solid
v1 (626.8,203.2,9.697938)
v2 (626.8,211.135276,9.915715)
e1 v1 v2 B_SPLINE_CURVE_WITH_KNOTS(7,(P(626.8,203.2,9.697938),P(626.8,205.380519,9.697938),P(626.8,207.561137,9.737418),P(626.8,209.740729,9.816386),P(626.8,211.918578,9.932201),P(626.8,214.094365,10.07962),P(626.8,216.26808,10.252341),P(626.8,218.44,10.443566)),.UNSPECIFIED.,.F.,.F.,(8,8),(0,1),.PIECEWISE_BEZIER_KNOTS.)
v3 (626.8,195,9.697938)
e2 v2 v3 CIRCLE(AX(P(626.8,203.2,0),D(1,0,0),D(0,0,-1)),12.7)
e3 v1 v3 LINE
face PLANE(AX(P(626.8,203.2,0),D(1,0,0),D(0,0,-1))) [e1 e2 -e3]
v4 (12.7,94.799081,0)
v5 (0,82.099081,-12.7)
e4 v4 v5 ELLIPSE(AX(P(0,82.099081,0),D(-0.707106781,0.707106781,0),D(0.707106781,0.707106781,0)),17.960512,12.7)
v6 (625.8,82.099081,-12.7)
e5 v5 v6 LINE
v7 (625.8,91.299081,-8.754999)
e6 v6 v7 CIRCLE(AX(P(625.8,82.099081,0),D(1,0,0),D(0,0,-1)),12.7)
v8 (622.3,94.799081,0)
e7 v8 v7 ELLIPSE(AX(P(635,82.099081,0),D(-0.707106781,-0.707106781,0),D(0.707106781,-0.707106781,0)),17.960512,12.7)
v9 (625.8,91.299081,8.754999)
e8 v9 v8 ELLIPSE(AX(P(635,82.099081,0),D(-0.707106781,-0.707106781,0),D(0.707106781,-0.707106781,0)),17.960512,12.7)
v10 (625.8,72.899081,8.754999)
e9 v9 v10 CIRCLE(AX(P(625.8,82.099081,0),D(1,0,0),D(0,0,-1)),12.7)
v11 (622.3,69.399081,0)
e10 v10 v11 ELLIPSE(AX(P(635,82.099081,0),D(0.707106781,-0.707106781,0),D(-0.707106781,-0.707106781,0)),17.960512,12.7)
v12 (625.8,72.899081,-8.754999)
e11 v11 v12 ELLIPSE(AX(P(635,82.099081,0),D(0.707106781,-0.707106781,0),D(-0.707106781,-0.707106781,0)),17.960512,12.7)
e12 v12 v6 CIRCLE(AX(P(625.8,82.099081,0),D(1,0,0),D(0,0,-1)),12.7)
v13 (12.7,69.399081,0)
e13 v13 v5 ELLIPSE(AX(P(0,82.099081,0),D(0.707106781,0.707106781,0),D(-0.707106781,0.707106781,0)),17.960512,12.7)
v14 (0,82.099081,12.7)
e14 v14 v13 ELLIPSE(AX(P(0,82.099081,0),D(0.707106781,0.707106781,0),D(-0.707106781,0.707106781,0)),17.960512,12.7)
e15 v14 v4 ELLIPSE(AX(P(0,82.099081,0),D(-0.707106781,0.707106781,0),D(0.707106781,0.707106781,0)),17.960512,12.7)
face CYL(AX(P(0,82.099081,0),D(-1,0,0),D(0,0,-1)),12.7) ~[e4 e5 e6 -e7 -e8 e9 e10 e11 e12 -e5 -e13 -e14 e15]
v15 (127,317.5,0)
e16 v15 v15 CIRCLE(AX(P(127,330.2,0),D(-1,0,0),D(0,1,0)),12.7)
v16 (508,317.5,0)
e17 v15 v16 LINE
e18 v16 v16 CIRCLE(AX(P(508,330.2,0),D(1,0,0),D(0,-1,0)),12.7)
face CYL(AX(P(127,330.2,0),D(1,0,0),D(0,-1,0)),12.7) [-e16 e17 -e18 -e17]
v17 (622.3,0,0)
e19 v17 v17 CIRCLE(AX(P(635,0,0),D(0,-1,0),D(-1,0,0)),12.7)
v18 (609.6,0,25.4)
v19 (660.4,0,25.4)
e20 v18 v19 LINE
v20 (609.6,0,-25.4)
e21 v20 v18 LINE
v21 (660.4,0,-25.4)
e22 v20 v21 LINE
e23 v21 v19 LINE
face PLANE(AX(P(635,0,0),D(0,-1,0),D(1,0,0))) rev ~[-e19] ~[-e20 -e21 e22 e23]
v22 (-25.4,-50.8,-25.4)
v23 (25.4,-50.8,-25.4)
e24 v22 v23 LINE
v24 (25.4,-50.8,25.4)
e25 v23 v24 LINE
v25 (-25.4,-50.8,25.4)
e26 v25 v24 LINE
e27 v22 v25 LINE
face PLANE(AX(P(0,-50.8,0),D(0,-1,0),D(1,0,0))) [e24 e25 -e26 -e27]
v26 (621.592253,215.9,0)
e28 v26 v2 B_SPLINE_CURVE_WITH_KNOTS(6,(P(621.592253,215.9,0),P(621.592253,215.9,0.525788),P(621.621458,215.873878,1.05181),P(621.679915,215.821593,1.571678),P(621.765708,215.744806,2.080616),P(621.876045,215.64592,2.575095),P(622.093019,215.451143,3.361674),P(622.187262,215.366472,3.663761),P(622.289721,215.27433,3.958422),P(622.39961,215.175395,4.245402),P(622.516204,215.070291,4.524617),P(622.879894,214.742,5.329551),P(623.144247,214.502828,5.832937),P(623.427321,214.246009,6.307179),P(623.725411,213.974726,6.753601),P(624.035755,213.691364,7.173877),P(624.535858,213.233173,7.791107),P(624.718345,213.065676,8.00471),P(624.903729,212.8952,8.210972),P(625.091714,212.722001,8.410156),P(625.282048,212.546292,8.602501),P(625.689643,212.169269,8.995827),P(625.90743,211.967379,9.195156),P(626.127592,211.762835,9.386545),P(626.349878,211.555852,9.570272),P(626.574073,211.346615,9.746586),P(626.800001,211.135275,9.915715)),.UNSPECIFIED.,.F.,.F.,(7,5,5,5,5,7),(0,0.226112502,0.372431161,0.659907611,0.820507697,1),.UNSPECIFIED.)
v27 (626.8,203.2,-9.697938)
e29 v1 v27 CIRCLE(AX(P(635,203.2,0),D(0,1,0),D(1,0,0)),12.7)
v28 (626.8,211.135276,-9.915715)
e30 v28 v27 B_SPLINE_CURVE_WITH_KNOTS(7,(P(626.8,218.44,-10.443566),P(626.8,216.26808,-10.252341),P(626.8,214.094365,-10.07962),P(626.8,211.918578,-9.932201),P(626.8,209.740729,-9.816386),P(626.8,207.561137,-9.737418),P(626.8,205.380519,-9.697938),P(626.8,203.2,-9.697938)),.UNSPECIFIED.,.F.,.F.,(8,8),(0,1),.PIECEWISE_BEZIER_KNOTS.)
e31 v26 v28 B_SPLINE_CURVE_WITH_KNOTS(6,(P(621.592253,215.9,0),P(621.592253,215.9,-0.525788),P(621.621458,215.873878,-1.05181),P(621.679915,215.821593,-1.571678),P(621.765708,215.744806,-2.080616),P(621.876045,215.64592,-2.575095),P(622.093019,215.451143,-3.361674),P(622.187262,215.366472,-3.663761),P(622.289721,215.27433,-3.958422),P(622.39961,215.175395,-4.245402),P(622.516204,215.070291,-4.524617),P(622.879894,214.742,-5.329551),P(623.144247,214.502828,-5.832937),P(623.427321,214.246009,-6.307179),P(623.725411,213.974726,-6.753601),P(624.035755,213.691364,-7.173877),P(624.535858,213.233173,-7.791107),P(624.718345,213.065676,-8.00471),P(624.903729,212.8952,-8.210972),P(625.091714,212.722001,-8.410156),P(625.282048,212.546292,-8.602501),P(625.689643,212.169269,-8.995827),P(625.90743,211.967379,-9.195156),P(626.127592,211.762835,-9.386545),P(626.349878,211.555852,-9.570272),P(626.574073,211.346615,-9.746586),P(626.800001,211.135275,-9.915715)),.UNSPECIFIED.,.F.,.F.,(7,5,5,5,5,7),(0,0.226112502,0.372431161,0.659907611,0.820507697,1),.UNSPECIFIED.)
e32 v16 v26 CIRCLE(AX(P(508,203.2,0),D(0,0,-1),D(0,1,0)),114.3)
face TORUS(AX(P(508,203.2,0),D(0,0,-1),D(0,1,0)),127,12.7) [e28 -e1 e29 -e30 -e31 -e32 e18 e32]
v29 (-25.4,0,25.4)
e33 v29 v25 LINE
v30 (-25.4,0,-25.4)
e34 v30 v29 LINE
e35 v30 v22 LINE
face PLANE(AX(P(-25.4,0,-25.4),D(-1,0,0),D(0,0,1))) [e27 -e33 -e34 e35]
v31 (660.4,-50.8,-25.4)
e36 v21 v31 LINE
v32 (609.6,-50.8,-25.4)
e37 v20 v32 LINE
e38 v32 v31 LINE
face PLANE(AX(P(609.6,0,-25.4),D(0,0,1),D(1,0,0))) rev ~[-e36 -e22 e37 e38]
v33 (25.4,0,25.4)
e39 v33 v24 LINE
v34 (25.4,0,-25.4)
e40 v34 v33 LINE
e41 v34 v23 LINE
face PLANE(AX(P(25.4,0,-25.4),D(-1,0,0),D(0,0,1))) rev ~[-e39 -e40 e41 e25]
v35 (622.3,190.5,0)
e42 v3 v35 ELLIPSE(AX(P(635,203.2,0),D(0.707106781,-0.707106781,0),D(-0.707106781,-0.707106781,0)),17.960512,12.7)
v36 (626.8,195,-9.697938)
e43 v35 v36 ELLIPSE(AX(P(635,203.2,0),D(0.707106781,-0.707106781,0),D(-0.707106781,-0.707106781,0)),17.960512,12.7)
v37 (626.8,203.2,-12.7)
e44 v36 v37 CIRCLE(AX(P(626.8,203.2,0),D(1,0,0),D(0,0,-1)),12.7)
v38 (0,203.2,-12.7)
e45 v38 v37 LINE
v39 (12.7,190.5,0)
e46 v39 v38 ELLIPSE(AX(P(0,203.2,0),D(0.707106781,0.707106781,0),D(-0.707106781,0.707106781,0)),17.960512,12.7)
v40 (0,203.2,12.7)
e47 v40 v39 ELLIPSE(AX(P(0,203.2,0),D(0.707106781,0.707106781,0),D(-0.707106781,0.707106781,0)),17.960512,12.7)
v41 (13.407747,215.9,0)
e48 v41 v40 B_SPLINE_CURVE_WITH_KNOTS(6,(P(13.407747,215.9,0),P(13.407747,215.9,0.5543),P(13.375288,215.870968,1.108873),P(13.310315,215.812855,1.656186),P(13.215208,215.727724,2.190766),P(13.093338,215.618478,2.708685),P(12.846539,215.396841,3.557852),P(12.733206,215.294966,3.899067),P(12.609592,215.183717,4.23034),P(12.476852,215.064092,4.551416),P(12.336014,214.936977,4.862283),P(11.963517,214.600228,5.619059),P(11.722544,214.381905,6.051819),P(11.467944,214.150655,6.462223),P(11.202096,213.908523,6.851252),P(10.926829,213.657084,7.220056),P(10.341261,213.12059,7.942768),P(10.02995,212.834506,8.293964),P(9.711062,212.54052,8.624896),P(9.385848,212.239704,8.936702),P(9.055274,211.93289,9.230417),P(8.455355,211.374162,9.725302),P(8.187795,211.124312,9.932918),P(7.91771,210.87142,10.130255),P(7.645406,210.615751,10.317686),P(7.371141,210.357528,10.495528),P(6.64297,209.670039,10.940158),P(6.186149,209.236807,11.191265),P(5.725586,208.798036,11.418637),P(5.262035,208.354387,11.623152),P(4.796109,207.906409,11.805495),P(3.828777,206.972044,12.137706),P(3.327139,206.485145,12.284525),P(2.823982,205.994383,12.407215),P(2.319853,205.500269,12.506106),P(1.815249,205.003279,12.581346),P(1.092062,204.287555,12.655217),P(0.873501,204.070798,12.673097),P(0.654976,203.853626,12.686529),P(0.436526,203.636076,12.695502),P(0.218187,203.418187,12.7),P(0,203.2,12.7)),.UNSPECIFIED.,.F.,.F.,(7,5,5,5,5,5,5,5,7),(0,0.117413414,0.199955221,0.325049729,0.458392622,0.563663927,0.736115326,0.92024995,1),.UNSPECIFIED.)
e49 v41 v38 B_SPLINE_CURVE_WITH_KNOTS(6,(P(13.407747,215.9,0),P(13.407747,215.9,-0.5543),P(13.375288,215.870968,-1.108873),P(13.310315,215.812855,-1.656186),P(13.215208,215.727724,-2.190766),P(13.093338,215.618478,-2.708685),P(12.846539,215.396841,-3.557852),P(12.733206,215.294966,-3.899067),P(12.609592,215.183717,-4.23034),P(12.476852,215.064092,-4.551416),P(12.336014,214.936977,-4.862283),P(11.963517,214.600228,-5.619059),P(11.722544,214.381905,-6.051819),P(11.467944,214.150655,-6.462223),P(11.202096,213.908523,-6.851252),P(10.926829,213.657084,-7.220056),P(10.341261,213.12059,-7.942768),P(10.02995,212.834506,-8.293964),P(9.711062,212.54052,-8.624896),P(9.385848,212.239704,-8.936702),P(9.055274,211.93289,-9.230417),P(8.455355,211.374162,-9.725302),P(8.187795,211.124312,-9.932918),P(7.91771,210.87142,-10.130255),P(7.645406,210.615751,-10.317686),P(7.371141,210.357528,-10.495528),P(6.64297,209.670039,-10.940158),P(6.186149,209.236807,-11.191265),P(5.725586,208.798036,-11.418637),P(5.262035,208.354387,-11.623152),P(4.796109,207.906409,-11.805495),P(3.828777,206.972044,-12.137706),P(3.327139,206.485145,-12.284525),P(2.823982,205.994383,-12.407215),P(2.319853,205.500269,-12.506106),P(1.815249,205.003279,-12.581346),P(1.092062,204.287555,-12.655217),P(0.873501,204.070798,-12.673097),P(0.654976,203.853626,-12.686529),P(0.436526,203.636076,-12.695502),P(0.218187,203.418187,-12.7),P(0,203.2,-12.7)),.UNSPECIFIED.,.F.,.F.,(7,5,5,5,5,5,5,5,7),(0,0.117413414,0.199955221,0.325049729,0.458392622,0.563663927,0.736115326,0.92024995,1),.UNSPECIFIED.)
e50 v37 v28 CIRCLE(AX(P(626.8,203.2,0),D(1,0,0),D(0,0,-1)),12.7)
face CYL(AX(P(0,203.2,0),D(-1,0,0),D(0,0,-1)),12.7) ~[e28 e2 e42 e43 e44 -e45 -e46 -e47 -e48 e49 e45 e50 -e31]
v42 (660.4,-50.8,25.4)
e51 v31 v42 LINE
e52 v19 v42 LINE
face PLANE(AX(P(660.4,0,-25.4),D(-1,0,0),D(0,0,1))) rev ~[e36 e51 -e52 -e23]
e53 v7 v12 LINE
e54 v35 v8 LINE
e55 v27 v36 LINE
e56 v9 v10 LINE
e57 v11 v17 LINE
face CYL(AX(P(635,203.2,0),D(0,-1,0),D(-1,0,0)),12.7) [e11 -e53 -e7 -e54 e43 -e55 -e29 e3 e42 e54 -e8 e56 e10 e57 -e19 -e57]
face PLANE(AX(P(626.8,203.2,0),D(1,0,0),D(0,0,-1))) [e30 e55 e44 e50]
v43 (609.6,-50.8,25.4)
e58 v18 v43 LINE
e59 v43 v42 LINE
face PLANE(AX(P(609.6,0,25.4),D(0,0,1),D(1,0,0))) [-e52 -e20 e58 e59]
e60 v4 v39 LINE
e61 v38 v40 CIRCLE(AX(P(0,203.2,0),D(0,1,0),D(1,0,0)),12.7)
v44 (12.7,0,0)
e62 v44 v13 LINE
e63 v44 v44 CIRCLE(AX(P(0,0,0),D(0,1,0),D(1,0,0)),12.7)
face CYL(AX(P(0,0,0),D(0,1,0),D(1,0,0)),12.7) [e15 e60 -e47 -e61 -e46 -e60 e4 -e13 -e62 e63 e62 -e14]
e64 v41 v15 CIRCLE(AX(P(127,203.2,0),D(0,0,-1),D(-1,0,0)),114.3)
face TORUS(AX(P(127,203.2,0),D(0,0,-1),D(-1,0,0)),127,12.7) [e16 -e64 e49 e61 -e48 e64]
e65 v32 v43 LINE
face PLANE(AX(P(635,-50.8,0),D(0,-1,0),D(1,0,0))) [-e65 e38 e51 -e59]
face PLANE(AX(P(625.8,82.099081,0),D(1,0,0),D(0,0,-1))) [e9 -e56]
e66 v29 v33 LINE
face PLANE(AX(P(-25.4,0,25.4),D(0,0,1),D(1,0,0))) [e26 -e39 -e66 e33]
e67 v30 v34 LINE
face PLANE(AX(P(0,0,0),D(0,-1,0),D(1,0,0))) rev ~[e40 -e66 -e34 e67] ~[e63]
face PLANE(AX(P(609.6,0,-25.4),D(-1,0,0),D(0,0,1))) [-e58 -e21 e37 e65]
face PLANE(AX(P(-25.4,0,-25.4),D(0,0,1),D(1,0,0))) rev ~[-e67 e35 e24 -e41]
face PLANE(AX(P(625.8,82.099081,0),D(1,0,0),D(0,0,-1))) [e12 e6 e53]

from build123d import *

# Parameters (mm, degrees)
SKETCH2_R           = 12.7
SKETCH3_W           = 50.8
SKETCH3_H           = 50.8
BOSS_EXTRUDE1_DEPTH = 50.8
SKETCH4_R           = 12.7
BOSS_EXTRUDE2_DEPTH = 626.8
SKETCH5_R           = 12.7
BOSS_EXTRUDE3_DEPTH = 625.8


with BuildPart() as part:
    # Sweep1: sweep along a path in Sketch1
    with BuildLine(Plane.XY) as sweep1_path:
        Line((0, 0), (0, 203.2))
        ThreePointArc((0, 203.2), (37.197438789, 293.002561211), (127, 330.2))
        Line((127, 330.2), (508, 330.2))
        ThreePointArc((508, 330.2), (597.802561211, 293.002561211), (635, 203.2))
        Line((635, 203.2), (635, 0))
    # Sketch2 → Sweep1 (sweep)
    with BuildSketch(Plane(origin=(0, 0, 0), x_dir=(1, 0, 0), z_dir=(0, 1, 0))):
        Circle(SKETCH2_R)
    sweep(path=sweep1_path.line)

    # Sketch3 → Boss-Extrude1 (add)
    with BuildSketch(Plane.XZ):
        Rectangle(SKETCH3_W, SKETCH3_H)
        with Locations((635, 0)):
            Rectangle(SKETCH3_W, SKETCH3_H)
    extrude(amount=BOSS_EXTRUDE1_DEPTH)

    # Sketch4 → Boss-Extrude2 (add)
    with BuildSketch(Plane(origin=(0, 0, 0), x_dir=(0, 0, -1), z_dir=(1, 0, 0))):
        with Locations((0, 203.2)):
            Circle(SKETCH4_R)
    extrude(amount=BOSS_EXTRUDE2_DEPTH)

    # Sketch5 → Boss-Extrude3 (add)
    with BuildSketch(Plane(origin=(0, 0, 0), x_dir=(0, 0, -1), z_dir=(1, 0, 0))):
        with Locations((0, 82.09908093)):
            Circle(SKETCH5_R)
    extrude(amount=BOSS_EXTRUDE3_DEPTH)


solid = part.part
